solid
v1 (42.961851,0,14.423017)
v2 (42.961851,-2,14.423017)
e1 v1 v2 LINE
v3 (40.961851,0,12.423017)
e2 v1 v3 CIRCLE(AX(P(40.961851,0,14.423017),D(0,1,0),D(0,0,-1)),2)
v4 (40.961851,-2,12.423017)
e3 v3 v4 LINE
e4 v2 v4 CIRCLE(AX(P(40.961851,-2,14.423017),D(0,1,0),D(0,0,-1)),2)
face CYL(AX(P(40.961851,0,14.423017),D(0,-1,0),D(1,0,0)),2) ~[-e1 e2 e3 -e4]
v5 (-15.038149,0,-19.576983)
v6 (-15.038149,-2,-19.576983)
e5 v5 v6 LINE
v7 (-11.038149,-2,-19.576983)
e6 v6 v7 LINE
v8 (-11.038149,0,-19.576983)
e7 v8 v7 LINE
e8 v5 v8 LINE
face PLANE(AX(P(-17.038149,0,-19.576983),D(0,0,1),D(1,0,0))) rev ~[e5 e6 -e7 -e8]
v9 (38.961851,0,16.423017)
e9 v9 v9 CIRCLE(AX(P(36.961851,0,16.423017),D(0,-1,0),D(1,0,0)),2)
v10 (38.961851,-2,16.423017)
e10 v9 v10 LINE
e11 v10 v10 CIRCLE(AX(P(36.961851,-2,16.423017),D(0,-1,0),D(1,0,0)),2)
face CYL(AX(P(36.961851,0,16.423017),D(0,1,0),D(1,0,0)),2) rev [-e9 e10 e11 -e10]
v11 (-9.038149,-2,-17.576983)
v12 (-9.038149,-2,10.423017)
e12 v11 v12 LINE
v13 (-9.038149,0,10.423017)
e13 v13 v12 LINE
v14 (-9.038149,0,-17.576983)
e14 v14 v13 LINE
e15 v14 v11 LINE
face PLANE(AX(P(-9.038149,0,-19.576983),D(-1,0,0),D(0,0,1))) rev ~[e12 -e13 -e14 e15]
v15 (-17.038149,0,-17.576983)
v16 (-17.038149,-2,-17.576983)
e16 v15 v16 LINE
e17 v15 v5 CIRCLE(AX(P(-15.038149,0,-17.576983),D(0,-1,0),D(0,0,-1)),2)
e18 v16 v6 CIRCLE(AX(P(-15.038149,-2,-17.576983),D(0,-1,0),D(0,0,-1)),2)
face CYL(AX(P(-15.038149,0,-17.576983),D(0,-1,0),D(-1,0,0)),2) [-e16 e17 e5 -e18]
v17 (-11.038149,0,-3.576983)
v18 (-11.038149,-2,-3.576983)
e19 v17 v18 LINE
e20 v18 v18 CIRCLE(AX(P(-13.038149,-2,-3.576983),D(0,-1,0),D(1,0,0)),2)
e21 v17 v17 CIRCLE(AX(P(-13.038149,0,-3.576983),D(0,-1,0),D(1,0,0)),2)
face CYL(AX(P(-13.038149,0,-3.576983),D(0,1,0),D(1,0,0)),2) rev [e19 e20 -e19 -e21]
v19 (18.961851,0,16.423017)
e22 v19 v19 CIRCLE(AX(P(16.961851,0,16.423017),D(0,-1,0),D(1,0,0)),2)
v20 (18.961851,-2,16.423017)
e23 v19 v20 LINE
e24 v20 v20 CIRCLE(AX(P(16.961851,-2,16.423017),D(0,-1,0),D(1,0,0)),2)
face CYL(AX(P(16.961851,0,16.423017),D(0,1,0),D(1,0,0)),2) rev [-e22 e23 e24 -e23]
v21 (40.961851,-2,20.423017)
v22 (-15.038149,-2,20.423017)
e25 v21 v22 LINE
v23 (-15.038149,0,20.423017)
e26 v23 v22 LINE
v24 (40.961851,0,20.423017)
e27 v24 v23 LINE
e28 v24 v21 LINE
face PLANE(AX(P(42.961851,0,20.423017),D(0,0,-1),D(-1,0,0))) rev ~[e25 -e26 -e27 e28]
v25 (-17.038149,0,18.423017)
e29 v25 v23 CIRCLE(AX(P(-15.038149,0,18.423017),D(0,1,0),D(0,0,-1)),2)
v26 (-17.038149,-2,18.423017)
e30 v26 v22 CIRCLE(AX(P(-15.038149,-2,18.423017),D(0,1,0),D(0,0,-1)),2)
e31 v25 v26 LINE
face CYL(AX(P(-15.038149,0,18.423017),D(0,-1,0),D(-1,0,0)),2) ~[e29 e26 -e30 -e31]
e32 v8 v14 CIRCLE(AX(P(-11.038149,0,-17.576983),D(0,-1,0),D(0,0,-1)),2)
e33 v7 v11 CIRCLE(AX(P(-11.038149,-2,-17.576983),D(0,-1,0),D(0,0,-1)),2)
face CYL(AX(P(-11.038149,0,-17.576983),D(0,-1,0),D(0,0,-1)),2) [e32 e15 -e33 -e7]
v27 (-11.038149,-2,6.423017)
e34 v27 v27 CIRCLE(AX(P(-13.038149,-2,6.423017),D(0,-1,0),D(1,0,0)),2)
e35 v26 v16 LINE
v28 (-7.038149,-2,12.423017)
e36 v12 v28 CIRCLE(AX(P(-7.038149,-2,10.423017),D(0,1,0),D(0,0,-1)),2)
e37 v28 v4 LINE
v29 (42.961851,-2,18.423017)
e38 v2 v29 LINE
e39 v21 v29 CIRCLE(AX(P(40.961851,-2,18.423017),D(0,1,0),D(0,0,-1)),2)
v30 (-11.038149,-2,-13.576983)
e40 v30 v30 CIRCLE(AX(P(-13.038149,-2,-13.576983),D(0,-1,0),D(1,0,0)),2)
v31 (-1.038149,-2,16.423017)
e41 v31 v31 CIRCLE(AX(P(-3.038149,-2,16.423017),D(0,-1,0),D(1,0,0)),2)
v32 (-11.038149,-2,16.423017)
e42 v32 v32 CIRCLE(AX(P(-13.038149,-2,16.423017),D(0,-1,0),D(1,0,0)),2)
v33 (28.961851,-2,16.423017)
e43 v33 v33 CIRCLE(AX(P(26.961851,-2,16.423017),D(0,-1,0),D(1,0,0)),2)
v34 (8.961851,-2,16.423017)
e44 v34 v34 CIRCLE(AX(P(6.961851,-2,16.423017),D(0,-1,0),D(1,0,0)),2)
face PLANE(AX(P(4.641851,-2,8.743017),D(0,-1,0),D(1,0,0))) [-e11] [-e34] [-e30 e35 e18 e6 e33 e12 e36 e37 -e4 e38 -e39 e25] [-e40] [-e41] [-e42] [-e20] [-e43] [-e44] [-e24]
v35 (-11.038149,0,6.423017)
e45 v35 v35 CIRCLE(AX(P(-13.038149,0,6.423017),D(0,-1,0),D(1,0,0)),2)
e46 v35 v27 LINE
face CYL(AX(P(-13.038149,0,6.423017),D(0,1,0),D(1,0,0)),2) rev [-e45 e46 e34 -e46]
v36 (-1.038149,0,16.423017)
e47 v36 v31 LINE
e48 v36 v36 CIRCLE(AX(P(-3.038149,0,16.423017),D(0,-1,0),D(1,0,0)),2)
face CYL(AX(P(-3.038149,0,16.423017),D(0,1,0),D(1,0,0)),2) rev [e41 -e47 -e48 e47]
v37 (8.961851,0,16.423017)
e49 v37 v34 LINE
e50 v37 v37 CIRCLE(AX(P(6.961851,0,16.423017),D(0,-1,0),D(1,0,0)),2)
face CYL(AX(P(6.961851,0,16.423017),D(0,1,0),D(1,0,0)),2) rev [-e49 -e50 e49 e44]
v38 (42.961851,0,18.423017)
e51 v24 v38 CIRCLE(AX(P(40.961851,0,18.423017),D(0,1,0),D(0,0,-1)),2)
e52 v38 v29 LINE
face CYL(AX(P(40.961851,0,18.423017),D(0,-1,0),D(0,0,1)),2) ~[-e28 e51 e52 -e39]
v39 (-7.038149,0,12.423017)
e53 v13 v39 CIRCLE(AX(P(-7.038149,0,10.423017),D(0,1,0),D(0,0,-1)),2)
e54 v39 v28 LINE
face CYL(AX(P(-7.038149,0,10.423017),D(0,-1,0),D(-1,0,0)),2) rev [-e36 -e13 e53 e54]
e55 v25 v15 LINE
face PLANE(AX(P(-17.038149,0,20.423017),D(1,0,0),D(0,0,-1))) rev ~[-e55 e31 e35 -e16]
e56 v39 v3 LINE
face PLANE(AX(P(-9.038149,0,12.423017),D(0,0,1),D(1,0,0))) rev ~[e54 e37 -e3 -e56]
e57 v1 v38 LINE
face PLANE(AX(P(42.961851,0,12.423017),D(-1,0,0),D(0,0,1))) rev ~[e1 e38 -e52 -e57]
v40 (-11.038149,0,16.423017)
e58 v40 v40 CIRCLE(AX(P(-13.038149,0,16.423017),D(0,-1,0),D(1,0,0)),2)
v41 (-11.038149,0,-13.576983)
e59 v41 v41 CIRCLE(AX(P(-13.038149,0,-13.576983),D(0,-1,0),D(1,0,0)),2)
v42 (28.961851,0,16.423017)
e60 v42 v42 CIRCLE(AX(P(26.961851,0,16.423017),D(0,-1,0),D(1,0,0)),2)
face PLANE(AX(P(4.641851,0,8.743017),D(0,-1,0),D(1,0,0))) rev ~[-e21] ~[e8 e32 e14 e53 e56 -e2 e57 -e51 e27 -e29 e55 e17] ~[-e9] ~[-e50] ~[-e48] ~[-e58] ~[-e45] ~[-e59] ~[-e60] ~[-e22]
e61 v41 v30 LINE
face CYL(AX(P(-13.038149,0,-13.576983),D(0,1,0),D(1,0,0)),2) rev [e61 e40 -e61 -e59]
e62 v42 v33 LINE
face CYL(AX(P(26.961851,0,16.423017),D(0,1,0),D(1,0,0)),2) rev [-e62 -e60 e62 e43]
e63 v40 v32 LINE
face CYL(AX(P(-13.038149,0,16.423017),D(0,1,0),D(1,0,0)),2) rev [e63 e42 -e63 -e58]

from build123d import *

# Parameters (mm, degrees)
F0_R     = 2
F1_DEPTH = 2
F2_R     = 2


with BuildPart() as f1:
    # F0 (on Front) → F1 (new body)
    with BuildSketch(Plane.XZ):
        Polygon((-17.038149, 20.423017), (-17.038149, -19.576983), (-9.038149, -19.576983), (-9.038149, 12.423017), (42.961851, 12.423017), (42.961851, 20.423017), align=None)
        with Locations((-13.038149, -13.576983)):
            Circle(F0_R, mode=Mode.SUBTRACT)
        with Locations((-13.038149, -3.576983)):
            Circle(F0_R, mode=Mode.SUBTRACT)
        with Locations((-13.038149, 6.423017)):
            Circle(F0_R, mode=Mode.SUBTRACT)
        with Locations((-13.038149, 16.423017)):
            Circle(F0_R, mode=Mode.SUBTRACT)
        with Locations((-3.038149, 16.423017)):
            Circle(F0_R, mode=Mode.SUBTRACT)
        with Locations((6.961851, 16.423017)):
            Circle(F0_R, mode=Mode.SUBTRACT)
        with Locations((16.961851, 16.423017)):
            Circle(F0_R, mode=Mode.SUBTRACT)
        with Locations((26.961851, 16.423017)):
            Circle(F0_R, mode=Mode.SUBTRACT)
        with Locations((36.961851, 16.423017)):
            Circle(F0_R, mode=Mode.SUBTRACT)
    extrude(amount=F1_DEPTH)

    # F2
    f2_edges = [f1.edges().sort_by_distance(p)[0] for p in [
        (-17.038149, -1, 20.423017),
        (42.961851, -1, 20.423017),
        (42.961851, -1, 12.423017),
        (-9.038149, -1, 12.423017),
        (-9.038149, -1, -19.576983),
        (-17.038149, -1, -19.576983),
    ]]
    fillet(f2_edges, radius=F2_R)


solid = f1.part
